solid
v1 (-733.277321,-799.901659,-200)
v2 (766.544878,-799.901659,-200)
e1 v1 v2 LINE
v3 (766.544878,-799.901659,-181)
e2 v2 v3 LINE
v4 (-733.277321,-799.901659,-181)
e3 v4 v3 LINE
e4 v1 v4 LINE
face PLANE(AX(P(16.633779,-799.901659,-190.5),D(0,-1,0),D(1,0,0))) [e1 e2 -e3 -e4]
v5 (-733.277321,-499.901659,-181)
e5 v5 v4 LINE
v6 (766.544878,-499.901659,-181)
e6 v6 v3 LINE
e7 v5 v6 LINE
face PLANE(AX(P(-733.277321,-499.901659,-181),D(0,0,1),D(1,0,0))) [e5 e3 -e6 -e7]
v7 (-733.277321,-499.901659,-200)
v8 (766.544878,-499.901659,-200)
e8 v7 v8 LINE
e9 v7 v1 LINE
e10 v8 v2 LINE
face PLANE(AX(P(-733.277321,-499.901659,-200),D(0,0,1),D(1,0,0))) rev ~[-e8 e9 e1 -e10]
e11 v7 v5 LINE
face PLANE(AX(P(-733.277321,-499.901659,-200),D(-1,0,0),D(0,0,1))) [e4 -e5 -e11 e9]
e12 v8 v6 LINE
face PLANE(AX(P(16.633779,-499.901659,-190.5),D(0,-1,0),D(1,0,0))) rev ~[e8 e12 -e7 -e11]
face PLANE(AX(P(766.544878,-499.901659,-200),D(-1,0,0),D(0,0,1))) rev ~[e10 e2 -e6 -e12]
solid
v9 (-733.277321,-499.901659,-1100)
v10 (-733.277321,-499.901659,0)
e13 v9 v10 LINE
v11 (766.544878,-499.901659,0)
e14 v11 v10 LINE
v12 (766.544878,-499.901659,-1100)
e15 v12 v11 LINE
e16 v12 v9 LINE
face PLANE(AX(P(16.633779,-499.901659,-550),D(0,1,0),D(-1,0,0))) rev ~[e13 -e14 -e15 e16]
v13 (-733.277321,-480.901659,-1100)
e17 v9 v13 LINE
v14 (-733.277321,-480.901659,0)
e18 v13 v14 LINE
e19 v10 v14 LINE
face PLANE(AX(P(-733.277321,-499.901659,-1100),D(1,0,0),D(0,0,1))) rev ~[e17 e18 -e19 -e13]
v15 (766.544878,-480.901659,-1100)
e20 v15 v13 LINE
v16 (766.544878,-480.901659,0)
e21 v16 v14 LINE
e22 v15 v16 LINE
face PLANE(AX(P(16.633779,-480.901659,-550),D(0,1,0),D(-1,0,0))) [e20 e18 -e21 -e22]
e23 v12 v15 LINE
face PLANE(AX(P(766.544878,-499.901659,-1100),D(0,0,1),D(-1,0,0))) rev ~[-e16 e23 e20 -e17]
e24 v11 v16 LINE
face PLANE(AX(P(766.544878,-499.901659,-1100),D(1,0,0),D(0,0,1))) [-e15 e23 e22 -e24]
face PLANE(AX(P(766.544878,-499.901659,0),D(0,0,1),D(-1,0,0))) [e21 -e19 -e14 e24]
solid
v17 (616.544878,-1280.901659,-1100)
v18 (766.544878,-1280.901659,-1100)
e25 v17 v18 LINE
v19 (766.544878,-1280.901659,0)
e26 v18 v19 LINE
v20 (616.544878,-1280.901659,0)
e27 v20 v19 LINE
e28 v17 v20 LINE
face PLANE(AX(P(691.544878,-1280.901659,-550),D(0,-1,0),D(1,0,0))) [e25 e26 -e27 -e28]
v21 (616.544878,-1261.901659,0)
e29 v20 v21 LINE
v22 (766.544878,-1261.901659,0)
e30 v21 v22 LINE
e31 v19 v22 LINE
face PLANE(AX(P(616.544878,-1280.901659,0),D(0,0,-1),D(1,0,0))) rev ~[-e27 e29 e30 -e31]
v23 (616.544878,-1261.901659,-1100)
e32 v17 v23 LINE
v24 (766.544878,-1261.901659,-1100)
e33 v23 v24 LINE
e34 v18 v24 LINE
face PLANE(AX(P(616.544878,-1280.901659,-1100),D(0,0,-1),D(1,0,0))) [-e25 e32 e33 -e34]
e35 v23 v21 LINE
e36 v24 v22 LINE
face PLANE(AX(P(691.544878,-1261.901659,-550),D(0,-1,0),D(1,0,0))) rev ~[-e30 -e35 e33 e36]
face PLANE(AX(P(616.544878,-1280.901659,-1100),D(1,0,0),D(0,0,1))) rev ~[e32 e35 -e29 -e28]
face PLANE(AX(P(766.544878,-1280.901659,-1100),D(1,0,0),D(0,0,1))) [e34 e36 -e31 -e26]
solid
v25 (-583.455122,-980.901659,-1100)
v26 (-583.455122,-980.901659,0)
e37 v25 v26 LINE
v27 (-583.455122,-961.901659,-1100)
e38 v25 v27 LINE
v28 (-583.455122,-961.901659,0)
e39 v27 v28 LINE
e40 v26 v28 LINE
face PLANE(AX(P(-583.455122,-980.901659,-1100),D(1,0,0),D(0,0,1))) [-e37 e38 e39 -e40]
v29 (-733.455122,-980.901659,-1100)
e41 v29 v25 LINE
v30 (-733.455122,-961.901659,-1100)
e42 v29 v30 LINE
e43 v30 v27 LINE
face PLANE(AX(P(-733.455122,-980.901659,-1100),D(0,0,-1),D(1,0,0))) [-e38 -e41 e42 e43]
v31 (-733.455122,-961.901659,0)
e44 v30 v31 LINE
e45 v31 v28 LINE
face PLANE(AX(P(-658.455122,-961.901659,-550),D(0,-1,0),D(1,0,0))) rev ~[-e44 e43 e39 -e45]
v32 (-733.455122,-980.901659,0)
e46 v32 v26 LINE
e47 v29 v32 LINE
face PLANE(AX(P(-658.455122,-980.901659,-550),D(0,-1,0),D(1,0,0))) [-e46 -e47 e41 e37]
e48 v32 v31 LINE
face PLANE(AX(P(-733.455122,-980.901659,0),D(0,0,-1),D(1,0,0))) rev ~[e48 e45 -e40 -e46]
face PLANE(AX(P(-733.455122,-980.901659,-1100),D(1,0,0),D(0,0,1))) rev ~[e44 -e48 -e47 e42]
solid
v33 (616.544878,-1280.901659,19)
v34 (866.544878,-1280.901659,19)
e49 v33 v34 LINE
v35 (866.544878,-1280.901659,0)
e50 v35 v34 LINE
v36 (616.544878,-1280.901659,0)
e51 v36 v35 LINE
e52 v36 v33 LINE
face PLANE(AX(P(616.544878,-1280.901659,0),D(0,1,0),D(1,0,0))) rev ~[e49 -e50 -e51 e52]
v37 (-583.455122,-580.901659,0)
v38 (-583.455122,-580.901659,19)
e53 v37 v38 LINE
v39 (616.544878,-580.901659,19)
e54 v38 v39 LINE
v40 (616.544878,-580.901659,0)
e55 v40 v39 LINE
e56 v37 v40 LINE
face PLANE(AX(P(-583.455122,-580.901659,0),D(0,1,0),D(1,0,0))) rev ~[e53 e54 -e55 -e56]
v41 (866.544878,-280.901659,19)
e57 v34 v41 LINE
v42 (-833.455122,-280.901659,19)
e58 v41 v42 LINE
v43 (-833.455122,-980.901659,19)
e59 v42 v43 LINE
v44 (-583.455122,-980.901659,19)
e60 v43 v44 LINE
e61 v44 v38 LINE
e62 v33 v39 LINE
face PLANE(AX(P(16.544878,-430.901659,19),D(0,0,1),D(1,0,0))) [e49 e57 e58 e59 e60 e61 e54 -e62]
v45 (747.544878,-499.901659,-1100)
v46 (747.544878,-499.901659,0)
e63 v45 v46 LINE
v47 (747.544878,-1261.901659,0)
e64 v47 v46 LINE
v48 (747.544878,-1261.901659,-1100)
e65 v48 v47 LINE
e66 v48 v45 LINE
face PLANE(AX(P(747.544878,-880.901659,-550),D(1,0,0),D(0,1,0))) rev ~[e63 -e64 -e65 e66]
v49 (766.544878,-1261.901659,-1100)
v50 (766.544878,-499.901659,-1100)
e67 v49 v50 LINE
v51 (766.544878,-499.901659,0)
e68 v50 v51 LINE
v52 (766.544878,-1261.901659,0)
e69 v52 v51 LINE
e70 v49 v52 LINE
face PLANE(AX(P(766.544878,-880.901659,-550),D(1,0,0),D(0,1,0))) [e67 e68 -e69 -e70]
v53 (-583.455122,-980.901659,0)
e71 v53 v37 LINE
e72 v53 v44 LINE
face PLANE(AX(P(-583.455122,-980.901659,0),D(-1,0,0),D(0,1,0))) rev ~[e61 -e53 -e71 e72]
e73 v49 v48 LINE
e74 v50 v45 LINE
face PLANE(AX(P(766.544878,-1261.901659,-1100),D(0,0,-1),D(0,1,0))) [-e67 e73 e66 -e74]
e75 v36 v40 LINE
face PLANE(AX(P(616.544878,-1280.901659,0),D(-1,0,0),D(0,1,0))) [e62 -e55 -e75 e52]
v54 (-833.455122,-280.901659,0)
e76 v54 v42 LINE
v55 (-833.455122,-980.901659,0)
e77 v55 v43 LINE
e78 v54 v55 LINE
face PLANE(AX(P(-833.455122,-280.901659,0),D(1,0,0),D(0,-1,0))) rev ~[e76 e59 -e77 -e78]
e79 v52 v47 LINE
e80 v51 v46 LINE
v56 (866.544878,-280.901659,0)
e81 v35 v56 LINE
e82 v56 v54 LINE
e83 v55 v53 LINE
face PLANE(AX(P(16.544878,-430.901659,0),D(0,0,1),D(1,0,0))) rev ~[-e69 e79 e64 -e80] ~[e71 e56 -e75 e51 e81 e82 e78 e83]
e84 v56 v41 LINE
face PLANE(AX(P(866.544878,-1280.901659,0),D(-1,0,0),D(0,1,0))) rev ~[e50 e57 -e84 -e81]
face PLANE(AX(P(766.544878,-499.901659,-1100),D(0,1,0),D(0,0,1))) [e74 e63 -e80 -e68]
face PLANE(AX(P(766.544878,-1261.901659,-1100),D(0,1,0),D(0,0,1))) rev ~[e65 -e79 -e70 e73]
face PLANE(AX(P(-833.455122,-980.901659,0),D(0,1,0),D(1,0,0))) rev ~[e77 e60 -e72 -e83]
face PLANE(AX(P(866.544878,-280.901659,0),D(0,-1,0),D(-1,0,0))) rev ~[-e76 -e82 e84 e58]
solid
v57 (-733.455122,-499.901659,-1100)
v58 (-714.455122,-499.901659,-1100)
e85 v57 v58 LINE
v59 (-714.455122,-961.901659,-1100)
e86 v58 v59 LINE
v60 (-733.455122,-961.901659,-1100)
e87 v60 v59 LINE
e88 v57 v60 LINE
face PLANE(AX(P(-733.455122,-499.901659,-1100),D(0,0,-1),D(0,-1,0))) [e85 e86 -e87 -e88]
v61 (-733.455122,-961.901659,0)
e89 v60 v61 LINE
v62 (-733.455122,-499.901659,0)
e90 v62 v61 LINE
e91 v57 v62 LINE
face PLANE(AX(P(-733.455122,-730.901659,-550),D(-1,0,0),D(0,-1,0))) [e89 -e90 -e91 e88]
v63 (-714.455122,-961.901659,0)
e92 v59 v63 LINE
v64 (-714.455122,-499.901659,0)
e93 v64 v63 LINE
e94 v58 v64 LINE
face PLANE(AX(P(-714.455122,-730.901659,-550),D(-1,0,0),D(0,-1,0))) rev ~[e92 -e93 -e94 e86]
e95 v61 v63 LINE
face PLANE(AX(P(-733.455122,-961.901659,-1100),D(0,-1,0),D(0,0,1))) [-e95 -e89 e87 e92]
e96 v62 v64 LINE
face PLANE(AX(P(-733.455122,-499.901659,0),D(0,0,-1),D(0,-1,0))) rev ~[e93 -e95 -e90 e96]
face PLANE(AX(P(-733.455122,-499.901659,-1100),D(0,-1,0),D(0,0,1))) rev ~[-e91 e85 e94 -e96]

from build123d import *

# Parameters (mm, degrees)
F0_W      = 250
F0_H      = 400
F0_H_2    = 700
F1_DEPTH  = 19
F2_W      = 150
F2_H      = 1100
F3_DEPTH  = 19
F4_W      = 150
F4_H      = 1100
F5_DEPTH  = 19
F6_W      = 762
F6_H      = 1100
F7_DEPTH  = 19
F8_W      = 462
F8_H      = 1100
F9_DEPTH  = 19
F10_W     = 1499.8221993446
F10_H     = 1100
F11_DEPTH = 19
F12_W     = 1499.8221993446
F12_H     = 19
F13_DEPTH = 300


with BuildPart() as f1:
    # F0 (on Top) → F1 (new body)
    with BuildSketch(Plane.XY):
        Polygon((-833.4551215172, -280.901658535), (-833.4551215172, -580.901658535), (-583.4551215172, -580.901658535), (616.5448784828, -580.901658535), (866.5448784828, -580.901658535), (866.5448784828, -280.901658535), align=None)
        with Locations((-708.4551215172, -780.901658535)):
            Rectangle(F0_W, F0_H)
        with Locations((741.5448784828, -930.901658535)):
            Rectangle(F0_W, F0_H_2)
    extrude(amount=F1_DEPTH)

    # F6 (on face) → F7 (join)
    with BuildSketch(Plane.YZ.offset(766.5448784828)):
        with Locations((-880.901658535, -550)):
            Rectangle(F6_W, F6_H)
    extrude(amount=-F7_DEPTH)


with BuildPart() as f3:
    # F2 (on face) → F3 (new body)
    with BuildSketch(Plane.XZ.offset(1280.901658535)):
        with Locations((691.5448784828, -550)):
            Rectangle(F2_W, F2_H)
    extrude(amount=-F3_DEPTH)


with BuildPart() as f5:
    # F4 (on face) → F5 (new body)
    with BuildSketch(Plane.XZ.offset(980.901658535)):
        with Locations((-658.4551215172, -550)):
            Rectangle(F4_W, F4_H)
    extrude(amount=-F5_DEPTH)


with BuildPart() as f9:
    # F8 (on face) → F9 (new body)
    with BuildSketch(Plane(origin=(-733.4551215172, 0, 0), x_dir=(0, -1, 0), z_dir=(-1, 0, 0))):
        with Locations((730.901658535, -550)):
            Rectangle(F8_W, F8_H)
    extrude(amount=-F9_DEPTH)


with BuildPart() as f11:
    # F10 (on face) → F11 (new body)
    with BuildSketch(Plane(origin=(0, -499.901658535, 0), x_dir=(-1, 0, 0), z_dir=(0, 1, 0))):
        with Locations((-16.6337788105, -550)):
            Rectangle(F10_W, F10_H)
    extrude(amount=F11_DEPTH)


with BuildPart() as f13:
    # F12 (on face) → F13 (new body)
    with BuildSketch(Plane.XZ.offset(499.901658535)):
        with Locations((16.6337788105, -190.5)):
            Rectangle(F12_W, F12_H)
    extrude(amount=F13_DEPTH)


solid = Compound([f1.part, f3.part, f5.part, f9.part, f11.part, f13.part])
